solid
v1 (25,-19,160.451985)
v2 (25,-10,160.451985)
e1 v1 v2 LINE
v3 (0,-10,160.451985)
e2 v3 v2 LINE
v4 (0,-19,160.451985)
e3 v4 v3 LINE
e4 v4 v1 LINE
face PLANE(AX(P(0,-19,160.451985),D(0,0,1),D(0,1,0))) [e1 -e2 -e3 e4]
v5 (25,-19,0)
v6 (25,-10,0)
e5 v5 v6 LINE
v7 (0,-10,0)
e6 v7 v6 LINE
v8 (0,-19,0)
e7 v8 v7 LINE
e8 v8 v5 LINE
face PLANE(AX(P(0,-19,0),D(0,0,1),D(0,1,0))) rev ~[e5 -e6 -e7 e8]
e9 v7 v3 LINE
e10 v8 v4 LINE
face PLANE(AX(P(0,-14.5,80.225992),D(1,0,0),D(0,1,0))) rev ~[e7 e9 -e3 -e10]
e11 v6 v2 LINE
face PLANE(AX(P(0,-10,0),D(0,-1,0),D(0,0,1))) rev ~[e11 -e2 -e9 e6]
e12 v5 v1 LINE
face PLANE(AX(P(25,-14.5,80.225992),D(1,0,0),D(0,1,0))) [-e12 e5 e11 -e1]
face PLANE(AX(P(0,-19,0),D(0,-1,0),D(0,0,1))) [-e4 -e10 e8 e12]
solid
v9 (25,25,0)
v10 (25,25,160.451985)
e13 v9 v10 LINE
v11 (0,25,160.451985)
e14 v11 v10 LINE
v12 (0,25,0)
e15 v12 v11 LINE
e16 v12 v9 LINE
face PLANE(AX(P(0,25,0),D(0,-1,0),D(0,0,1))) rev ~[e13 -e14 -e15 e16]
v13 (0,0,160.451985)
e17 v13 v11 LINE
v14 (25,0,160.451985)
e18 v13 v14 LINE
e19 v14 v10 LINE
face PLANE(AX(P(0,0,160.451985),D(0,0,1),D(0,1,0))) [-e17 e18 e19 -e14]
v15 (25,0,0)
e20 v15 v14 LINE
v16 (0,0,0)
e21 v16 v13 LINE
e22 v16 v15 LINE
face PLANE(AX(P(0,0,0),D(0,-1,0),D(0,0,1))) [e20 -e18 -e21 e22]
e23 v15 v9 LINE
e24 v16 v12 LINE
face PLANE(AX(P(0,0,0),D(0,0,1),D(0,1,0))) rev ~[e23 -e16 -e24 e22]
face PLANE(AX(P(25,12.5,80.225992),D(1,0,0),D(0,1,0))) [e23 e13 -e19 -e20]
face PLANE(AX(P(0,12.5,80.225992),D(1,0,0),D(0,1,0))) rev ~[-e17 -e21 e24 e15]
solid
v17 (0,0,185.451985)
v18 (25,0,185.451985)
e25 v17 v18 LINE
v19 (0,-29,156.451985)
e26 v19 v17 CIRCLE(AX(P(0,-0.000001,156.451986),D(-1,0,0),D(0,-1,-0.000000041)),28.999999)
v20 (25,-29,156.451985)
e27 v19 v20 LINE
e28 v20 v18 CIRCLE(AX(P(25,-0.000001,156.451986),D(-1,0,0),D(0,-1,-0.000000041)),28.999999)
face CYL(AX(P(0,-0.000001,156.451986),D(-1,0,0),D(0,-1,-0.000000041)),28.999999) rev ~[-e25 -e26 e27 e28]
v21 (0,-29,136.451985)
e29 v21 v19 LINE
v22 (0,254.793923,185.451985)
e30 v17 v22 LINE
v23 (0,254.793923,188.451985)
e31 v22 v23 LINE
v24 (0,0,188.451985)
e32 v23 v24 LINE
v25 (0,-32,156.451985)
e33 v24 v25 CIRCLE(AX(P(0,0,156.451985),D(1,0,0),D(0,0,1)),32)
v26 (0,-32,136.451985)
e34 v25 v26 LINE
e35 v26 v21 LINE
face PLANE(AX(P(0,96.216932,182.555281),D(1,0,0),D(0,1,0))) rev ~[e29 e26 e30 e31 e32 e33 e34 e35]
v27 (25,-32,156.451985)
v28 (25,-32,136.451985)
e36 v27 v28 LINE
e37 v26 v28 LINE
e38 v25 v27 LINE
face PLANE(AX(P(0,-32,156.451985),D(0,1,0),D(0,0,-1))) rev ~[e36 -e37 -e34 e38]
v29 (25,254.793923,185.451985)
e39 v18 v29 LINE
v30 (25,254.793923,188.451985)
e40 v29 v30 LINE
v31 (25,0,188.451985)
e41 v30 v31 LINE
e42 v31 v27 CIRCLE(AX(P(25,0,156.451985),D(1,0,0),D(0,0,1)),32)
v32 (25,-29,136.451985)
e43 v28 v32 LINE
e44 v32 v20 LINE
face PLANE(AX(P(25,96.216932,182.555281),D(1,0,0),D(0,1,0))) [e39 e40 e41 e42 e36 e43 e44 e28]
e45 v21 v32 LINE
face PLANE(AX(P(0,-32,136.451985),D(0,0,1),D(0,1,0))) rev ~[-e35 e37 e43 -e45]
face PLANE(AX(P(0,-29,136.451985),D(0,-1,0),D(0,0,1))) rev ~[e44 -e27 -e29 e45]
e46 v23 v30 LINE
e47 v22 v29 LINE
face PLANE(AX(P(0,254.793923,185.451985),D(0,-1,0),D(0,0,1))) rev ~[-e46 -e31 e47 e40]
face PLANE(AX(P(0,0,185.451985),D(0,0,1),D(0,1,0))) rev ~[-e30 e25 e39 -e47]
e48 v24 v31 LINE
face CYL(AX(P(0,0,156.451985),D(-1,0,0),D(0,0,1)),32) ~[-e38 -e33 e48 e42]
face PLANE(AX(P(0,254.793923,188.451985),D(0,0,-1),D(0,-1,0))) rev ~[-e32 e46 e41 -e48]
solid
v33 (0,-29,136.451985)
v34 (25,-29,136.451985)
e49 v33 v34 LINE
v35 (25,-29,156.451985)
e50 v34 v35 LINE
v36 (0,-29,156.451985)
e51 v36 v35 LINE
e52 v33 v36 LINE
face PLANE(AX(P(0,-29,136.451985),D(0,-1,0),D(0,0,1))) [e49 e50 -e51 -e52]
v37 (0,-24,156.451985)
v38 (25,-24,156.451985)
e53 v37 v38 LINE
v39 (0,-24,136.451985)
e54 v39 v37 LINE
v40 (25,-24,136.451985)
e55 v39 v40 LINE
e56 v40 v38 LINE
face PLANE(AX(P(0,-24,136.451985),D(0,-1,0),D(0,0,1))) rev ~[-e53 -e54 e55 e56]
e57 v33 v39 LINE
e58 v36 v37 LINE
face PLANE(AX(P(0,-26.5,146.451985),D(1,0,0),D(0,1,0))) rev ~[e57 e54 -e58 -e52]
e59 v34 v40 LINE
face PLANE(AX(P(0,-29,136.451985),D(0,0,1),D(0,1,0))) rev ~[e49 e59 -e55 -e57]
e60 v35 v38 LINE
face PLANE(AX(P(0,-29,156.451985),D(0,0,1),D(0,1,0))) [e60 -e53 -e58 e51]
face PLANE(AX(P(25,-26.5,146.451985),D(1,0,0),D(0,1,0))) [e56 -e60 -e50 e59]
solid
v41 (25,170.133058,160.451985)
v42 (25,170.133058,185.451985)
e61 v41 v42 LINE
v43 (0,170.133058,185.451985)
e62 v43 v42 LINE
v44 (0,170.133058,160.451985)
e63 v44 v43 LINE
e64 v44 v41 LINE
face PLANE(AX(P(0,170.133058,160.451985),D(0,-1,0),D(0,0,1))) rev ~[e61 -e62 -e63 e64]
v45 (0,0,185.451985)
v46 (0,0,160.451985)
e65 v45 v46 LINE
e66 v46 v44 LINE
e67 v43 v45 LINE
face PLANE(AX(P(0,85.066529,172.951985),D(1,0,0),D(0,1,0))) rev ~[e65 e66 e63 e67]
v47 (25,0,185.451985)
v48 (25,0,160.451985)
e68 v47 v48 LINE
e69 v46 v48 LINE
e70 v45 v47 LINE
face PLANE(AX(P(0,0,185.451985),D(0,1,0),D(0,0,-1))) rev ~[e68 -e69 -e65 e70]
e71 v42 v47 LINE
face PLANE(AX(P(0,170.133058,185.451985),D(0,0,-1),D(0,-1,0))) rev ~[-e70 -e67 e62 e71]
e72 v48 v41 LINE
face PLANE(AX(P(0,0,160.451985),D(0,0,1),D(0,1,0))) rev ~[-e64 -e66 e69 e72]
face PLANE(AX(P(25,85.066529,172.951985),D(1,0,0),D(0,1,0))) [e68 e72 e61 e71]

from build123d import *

# Parameters (mm, degrees)
F1_DEPTH = 25
F2_DEPTH = 25
F0_W     = 25
F0_H     = 160.451985
F3_DEPTH = 25
F0_W_2   = 9
F4_DEPTH = 25
F0_W_3   = 5
F0_H_2   = 20
F5_DEPTH = 25


with BuildPart() as f1:
    # F0 (on Right) → F1 (new body)
    with BuildSketch(Plane.YZ):
        with BuildLine():
            ThreePointArc((-29, 156.451985), (-20.506097, 176.958082), (0, 185.451985))
            Line((0, 185.451985), (170.133058, 185.451985))
            Line((170.133058, 185.451985), (254.793923, 185.451985))
            Line((254.793923, 185.451985), (254.793923, 188.451985))
            Line((254.793923, 188.451985), (0, 188.451985))
            ThreePointArc((0, 188.451985), (-22.627417, 179.079402), (-32, 156.451985))
            Line((-32, 156.451985), (-32, 136.451985))
            Line((-32, 136.451985), (-29, 136.451985))
            Line((-29, 136.451985), (-29, 156.451985))
        make_face()
    extrude(amount=F1_DEPTH)


with BuildPart() as f2:
    # F0 (on Right) → F2 (new body)
    with BuildSketch(Plane.YZ):
        Polygon((0, 185.451985), (0, 160.451985), (25, 160.451985), (170.133058, 160.451985), (170.133058, 185.451985), align=None)
    extrude(amount=F2_DEPTH)


with BuildPart() as f3:
    # F0 (on Right) → F3 (new body)
    with BuildSketch(Plane.YZ):
        with Locations((12.5, 80.225992)):
            Rectangle(F0_W, F0_H)
    extrude(amount=F3_DEPTH)


with BuildPart() as f4:
    # F0 (on Right) → F4 (new body)
    with BuildSketch(Plane.YZ):
        with Locations((-14.5, 80.225992)):
            Rectangle(F0_W_2, F0_H)
    extrude(amount=F4_DEPTH)


with BuildPart() as f5:
    # F0 (on Right) → F5 (new body)
    with BuildSketch(Plane.YZ):
        with Locations((-26.5, 146.451985)):
            Rectangle(F0_W_3, F0_H_2)
    extrude(amount=F5_DEPTH)


solid = Compound([f1.part, f2.part, f3.part, f4.part, f5.part])
